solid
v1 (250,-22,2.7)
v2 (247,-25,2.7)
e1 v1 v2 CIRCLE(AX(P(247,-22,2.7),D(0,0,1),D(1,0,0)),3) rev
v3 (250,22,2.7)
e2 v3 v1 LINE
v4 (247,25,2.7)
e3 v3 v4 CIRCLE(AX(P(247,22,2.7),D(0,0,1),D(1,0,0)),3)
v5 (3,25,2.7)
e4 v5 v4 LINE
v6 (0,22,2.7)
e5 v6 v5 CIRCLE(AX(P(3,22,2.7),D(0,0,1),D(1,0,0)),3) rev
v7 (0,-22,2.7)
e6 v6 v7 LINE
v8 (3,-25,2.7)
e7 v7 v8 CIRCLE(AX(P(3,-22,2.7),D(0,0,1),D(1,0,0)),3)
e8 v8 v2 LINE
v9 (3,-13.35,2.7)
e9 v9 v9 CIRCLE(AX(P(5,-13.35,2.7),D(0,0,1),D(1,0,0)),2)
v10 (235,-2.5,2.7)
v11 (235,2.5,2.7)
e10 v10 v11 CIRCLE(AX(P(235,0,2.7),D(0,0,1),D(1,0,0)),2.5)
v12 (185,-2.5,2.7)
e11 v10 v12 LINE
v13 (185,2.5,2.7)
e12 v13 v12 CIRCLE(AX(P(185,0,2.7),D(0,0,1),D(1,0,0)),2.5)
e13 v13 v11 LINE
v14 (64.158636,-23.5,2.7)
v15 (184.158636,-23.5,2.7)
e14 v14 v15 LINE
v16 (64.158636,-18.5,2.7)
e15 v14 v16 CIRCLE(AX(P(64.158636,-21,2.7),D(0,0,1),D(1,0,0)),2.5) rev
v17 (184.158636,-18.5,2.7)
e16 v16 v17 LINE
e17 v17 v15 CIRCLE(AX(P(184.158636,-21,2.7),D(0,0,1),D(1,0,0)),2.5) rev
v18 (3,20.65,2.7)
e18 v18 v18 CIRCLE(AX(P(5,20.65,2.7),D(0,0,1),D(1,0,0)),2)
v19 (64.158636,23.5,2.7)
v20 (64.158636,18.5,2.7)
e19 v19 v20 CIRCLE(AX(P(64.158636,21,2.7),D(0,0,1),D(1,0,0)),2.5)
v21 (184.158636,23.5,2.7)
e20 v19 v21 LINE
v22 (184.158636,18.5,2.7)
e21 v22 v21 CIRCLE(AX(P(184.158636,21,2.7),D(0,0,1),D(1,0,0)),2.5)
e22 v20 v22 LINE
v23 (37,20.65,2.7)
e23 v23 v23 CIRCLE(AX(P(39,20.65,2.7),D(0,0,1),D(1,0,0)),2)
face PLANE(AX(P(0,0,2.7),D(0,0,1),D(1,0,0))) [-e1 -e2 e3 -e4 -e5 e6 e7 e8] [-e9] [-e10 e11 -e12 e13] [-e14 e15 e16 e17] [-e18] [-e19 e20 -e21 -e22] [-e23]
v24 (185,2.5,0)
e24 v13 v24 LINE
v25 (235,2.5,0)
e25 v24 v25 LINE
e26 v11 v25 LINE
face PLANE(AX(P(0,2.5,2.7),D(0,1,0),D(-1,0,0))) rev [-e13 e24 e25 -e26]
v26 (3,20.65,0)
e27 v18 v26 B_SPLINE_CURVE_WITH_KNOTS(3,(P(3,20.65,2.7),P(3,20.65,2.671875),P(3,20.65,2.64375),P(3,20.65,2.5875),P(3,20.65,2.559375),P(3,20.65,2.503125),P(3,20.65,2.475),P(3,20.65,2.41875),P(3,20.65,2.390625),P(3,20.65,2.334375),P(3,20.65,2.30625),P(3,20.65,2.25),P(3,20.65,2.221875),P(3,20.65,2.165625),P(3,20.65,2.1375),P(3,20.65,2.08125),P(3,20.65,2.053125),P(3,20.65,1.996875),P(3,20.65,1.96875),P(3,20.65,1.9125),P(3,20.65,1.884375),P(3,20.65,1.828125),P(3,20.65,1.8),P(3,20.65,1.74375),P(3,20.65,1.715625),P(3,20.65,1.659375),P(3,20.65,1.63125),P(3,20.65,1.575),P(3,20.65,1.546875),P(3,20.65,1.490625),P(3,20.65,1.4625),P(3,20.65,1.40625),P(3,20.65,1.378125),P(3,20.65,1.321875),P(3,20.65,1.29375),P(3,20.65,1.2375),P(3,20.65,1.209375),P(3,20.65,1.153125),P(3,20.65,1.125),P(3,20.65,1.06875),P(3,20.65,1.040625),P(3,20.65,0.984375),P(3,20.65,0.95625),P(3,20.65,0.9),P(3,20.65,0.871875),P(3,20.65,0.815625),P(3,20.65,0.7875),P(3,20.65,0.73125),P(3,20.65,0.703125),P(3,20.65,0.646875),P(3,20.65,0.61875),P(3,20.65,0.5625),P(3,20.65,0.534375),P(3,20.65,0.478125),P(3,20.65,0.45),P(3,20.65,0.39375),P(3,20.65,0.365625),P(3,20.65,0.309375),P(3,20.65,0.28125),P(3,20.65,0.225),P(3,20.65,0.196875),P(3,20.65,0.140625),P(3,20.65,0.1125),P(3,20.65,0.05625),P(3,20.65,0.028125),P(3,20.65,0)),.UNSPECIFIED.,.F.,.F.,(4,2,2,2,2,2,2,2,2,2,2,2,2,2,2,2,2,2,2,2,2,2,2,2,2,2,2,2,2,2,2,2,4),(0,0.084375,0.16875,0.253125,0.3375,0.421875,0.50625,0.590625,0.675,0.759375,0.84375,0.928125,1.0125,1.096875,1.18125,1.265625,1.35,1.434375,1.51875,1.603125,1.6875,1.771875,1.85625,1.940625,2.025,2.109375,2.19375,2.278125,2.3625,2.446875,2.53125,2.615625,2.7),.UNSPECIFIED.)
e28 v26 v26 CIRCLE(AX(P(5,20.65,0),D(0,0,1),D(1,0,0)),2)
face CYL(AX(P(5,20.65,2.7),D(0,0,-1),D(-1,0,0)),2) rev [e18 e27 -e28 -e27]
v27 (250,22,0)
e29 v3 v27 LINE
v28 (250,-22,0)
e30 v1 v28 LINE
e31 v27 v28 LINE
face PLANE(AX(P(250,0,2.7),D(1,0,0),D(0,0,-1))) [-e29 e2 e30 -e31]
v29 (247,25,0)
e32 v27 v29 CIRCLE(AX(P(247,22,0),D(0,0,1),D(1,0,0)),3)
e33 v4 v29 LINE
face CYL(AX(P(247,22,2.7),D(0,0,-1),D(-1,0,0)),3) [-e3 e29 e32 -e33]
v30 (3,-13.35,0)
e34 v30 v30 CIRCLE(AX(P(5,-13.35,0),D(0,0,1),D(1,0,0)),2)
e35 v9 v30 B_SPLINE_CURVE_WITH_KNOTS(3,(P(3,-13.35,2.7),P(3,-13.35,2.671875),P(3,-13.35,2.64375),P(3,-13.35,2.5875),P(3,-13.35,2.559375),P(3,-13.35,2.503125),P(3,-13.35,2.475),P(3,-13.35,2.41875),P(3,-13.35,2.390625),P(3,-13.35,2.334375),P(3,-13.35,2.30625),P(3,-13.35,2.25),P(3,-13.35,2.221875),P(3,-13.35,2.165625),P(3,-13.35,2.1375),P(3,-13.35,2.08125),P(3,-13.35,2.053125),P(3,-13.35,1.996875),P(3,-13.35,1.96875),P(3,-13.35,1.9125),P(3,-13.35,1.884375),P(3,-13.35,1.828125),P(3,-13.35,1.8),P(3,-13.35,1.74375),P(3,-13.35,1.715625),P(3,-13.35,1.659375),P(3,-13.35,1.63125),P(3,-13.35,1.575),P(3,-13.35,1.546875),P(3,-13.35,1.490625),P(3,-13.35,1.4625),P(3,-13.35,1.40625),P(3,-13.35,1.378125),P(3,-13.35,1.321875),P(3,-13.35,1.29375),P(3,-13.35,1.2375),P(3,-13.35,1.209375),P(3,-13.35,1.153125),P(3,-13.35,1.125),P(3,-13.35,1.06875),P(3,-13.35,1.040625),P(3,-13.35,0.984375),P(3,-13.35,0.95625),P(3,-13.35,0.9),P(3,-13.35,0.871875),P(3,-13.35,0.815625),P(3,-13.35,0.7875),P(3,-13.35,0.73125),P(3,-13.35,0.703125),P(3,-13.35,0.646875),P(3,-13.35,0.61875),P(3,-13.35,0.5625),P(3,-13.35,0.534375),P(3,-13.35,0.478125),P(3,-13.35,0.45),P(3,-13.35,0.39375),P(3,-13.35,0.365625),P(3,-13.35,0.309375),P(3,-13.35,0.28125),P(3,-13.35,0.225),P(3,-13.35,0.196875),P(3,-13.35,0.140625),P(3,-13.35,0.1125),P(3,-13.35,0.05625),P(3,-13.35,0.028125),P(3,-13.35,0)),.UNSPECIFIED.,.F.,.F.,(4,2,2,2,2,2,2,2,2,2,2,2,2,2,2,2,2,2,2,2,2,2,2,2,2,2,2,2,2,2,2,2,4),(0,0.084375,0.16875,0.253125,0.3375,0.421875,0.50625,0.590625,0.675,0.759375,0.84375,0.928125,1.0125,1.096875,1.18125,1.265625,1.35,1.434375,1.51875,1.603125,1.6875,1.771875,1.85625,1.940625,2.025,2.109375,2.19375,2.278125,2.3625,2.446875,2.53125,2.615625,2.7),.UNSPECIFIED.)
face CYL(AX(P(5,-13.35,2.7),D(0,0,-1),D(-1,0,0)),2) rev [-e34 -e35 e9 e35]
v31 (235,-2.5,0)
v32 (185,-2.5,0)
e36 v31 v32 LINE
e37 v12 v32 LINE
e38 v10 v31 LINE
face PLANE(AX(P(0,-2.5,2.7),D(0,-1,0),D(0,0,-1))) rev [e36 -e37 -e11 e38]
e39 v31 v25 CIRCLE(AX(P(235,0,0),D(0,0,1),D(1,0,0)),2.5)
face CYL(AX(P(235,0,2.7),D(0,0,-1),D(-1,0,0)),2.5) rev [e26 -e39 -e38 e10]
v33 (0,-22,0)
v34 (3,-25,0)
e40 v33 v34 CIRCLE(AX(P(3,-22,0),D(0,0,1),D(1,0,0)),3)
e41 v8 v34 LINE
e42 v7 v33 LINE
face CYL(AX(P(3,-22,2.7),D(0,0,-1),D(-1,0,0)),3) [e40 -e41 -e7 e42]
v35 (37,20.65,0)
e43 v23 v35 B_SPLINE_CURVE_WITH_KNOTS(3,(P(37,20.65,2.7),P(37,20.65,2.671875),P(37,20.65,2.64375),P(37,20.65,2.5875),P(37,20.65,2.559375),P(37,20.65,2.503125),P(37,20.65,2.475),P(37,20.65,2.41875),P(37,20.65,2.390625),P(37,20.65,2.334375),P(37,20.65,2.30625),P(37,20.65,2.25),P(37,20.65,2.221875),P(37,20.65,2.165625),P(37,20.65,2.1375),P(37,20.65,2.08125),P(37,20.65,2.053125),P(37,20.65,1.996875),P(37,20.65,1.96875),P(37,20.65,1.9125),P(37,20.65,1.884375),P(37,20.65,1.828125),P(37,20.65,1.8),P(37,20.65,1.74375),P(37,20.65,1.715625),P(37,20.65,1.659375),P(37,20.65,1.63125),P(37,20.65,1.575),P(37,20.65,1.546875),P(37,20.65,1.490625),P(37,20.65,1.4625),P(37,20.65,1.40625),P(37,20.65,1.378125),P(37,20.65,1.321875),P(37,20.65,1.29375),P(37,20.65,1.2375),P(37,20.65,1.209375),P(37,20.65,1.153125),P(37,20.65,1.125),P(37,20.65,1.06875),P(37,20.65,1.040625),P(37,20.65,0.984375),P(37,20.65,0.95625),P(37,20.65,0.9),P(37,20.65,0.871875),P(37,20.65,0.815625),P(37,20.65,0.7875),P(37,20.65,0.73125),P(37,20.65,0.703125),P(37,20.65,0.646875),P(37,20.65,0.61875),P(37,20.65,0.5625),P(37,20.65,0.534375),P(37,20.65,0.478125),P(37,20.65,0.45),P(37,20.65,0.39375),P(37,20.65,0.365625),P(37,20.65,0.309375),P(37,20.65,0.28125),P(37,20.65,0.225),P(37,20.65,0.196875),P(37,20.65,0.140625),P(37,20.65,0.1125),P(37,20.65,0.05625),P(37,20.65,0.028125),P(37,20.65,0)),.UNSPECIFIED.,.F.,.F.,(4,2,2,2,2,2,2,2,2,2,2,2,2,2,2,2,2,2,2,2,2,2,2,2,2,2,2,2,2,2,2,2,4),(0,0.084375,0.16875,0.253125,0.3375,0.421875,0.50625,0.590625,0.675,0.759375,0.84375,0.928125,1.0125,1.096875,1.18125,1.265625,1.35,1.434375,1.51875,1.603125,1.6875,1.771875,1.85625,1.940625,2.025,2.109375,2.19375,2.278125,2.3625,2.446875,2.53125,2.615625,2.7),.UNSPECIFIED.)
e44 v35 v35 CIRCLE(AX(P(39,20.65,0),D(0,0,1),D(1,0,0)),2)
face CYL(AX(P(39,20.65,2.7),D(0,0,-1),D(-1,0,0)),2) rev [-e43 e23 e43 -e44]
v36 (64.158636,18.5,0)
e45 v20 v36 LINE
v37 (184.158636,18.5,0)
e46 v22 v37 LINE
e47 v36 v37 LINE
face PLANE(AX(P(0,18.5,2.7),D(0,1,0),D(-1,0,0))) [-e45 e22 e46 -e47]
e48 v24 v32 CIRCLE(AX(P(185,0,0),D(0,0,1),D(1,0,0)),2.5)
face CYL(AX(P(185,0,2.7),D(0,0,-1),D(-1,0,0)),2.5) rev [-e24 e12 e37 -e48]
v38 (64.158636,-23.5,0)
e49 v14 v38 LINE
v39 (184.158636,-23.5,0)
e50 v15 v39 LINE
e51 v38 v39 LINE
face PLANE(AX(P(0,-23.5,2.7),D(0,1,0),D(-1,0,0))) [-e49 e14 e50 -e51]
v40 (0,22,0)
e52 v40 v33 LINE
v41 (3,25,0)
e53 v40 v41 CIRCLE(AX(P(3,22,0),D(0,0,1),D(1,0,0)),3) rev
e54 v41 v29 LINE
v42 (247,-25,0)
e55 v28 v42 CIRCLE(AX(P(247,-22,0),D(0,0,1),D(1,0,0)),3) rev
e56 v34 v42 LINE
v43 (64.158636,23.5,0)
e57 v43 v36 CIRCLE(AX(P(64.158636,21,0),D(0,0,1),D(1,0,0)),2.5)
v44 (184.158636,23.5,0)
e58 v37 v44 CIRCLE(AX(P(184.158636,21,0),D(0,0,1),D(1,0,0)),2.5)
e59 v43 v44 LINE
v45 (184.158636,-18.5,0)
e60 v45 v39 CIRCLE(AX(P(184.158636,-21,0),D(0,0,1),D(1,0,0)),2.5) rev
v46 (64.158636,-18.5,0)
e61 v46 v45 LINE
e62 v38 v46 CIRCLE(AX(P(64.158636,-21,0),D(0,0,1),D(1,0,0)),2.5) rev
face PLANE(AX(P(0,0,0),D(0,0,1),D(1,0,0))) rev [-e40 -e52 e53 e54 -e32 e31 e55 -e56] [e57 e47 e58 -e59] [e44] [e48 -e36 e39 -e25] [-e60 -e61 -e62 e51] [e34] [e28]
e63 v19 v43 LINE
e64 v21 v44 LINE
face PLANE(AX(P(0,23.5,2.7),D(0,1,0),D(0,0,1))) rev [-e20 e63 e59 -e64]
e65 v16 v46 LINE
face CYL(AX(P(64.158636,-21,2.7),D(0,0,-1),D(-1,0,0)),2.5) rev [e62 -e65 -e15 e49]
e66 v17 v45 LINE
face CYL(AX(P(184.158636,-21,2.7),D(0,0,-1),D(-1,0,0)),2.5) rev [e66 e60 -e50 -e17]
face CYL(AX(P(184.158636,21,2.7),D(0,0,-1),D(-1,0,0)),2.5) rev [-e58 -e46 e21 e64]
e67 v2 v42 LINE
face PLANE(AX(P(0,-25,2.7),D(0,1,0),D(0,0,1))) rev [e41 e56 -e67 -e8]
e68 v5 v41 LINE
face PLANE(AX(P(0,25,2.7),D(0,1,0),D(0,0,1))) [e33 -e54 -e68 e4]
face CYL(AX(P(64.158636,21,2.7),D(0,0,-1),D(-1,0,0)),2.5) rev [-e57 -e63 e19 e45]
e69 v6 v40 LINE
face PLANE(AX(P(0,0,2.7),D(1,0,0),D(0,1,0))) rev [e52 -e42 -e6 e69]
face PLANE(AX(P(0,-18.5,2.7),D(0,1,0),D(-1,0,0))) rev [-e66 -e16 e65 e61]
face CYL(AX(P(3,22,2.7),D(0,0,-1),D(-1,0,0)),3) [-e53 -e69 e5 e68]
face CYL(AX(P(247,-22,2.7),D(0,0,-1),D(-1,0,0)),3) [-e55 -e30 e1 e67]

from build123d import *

# Parameters (mm, degrees)
SKETCH_1_R      = 2
EXTRUDE_1_DEPTH = 2.7


with BuildPart() as part:
    # 草图1 → 凸台-拉伸1 (new body)
    with BuildSketch(Plane.XY):
        with BuildLine():
            ThreePointArc((3, 25), (0.878679656, 24.121320344), (0, 22))
            Line((0, 22), (0, -22))
            ThreePointArc((0, -22), (0.878679656, -24.121320344), (3, -25))
            Line((3, -25), (247, -25))
            ThreePointArc((247, -25), (249.121320344, -24.121320344), (250, -22))
            Line((250, -22), (250, 22))
            ThreePointArc((250, 22), (249.121320344, 24.121320344), (247, 25))
            Line((247, 25), (3, 25))
        make_face()
        with Locations(Location((5, -13.35, 0), (0, 0, 180))):
            Circle(SKETCH_1_R, mode=Mode.SUBTRACT)
        with BuildLine():
            Line((184.15863574, -23.5), (64.15863574, -23.5))
            ThreePointArc((64.15863574, -23.5), (61.65863574, -21), (64.15863574, -18.5))
            Line((64.15863574, -18.5), (184.15863574, -18.5))
            ThreePointArc((184.15863574, -18.5), (185.926402692, -19.232233047), (186.65863574, -21))
            ThreePointArc((186.65863574, -21), (185.926402692, -22.767766953), (184.15863574, -23.5))
        make_face(mode=Mode.SUBTRACT)
        with BuildLine():
            ThreePointArc((185, -2.5), (182.5, 0), (185, 2.5))
            Line((185, 2.5), (235, 2.5))
            ThreePointArc((235, 2.5), (236.767766953, 1.767766953), (237.5, 0))
            ThreePointArc((237.5, 0), (236.767766953, -1.767766953), (235, -2.5))
            Line((235, -2.5), (185, -2.5))
        make_face(mode=Mode.SUBTRACT)
        with Locations(Location((5, 20.65, 0), (0, 0, 180))):
            Circle(SKETCH_1_R, mode=Mode.SUBTRACT)
        with Locations(Location((39, 20.65, 0), (0, 0, 180))):
            Circle(SKETCH_1_R, mode=Mode.SUBTRACT)
        with BuildLine():
            Line((184.15863574, 18.5), (64.15863574, 18.5))
            ThreePointArc((64.15863574, 18.5), (61.65863574, 21), (64.15863574, 23.5))
            Line((64.15863574, 23.5), (184.15863574, 23.5))
            ThreePointArc((184.15863574, 23.5), (185.926402692, 22.767766953), (186.65863574, 21))
            ThreePointArc((186.65863574, 21), (185.926402692, 19.232233047), (184.15863574, 18.5))
        make_face(mode=Mode.SUBTRACT)
    extrude(amount=EXTRUDE_1_DEPTH)


solid = part.part
